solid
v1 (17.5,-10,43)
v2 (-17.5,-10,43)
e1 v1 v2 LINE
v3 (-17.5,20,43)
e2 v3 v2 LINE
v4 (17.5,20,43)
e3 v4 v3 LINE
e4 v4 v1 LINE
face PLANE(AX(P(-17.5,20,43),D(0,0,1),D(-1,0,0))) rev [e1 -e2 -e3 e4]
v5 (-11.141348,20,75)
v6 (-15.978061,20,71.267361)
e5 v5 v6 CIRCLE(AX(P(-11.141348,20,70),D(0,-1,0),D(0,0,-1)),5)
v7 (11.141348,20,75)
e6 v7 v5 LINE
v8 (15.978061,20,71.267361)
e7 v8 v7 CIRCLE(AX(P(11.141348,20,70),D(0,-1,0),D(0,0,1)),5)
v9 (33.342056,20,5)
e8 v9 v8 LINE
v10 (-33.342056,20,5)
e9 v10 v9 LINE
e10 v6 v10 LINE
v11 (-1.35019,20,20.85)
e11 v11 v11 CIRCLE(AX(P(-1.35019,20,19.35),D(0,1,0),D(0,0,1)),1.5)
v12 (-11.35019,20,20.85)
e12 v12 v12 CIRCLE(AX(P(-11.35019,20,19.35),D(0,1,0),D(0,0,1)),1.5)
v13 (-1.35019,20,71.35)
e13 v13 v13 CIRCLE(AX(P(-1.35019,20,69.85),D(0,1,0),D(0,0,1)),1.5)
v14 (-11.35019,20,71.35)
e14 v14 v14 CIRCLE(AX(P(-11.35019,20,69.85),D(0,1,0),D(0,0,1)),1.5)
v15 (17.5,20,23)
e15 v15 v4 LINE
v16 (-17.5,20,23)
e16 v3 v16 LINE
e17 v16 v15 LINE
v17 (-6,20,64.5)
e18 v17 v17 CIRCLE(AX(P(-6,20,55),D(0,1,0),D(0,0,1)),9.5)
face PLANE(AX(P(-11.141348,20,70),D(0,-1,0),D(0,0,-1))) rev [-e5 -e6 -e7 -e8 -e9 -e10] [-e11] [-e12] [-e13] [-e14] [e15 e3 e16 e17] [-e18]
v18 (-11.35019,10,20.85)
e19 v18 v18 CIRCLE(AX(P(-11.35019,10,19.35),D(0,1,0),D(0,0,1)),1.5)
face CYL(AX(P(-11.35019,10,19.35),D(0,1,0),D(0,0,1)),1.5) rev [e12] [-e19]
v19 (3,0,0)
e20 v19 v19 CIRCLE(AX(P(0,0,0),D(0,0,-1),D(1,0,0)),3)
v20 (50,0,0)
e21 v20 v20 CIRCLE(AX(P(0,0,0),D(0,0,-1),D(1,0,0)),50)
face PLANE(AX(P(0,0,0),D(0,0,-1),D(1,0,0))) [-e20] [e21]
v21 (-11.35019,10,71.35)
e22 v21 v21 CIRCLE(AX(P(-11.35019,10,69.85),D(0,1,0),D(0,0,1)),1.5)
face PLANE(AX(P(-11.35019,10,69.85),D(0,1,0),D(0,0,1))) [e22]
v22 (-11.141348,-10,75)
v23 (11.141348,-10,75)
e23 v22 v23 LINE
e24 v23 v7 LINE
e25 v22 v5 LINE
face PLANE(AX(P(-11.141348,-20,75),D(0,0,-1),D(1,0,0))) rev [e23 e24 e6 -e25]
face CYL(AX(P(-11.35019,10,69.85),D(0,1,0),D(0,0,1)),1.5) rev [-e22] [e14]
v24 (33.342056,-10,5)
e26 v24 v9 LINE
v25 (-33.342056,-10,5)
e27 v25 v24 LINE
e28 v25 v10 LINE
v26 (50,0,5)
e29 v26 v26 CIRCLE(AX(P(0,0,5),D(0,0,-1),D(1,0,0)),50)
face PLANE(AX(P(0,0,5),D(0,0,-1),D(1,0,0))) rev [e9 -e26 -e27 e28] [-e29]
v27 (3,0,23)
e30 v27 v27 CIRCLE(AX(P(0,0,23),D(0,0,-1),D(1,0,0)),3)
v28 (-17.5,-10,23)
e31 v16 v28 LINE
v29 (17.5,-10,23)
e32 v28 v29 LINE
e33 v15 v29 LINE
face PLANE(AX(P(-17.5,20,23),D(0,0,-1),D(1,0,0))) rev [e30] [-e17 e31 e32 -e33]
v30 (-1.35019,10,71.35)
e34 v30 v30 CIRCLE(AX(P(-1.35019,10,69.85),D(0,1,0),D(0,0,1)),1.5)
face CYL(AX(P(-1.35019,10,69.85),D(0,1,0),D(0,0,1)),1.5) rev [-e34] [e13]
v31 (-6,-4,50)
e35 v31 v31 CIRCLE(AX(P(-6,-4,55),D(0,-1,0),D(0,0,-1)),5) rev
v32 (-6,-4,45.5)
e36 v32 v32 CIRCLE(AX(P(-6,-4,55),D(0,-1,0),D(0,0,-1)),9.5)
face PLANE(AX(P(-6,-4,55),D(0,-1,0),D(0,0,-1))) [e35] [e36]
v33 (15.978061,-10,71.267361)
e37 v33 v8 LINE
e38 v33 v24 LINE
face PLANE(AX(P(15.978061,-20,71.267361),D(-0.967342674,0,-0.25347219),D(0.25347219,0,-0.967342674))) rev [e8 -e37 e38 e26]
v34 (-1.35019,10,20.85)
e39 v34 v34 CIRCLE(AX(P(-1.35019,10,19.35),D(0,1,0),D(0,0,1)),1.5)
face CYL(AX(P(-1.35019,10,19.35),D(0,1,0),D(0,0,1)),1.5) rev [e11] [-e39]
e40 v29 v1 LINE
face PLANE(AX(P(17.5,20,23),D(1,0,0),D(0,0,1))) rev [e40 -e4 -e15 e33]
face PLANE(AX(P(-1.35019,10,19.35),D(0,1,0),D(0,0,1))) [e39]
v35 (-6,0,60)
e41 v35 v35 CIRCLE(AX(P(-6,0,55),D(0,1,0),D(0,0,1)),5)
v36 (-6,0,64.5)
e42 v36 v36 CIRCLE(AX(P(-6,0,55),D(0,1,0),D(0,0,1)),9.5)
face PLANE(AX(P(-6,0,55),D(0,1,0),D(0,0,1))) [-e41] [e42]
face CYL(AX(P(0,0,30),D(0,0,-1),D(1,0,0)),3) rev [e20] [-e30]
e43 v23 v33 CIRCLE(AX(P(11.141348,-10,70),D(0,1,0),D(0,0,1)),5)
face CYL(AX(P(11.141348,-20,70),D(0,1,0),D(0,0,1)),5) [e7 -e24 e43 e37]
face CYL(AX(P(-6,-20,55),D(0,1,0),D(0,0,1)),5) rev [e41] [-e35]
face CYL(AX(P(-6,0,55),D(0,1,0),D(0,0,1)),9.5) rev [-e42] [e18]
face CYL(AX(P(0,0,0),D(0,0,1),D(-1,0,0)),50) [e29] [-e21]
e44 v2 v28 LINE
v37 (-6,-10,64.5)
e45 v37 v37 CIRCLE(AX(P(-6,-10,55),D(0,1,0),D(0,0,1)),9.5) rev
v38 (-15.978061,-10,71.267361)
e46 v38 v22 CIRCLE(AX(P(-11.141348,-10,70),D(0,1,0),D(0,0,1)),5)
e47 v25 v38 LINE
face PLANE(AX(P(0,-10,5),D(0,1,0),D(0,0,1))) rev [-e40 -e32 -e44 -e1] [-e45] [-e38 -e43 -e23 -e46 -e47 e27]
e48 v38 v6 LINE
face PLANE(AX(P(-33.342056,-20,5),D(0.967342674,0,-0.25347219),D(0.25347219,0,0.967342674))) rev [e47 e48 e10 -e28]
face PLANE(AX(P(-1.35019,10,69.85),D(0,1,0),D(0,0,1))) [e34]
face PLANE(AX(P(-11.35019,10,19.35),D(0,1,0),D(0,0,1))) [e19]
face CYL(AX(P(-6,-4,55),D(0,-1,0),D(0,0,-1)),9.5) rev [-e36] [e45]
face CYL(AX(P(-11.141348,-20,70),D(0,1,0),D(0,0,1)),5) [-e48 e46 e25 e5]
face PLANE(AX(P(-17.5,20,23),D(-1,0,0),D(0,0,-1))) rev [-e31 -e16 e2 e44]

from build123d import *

# Parameters (mm, degrees)
BOSS_EXTRUDE1_DEPTH   = 40
SKETCH9_R             = 9.5
CUT_EXTRUDE5_DEPTH    = 20
SKETCH10_R            = 5
CUT_EXTRUDE6_DEPTH    = 21
SKETCH11_R            = 9.5
CUT_EXTRUDE7_DEPTH    = 16
SKETCH14_W            = 35
SKETCH14_H            = 20
CUT_EXTRUDE9_DEPTH    = 41
SKETCH15_R            = 3
CUT_EXTRUDE10_DEPTH   = 25
SKETCH16_R            = 50
SKETCH16_R_2          = 3
BOSS_EXTRUDE3_DEPTH   = 5
SKETCH17_W            = 69.206254994
SKETCH17_H            = 74.867048483
CUT_EXTRUDE11_DEPTH   = 10
SKETCH18_R            = 1.5
CUT_EXTRUDE12_DEPTH   = 10
SKETCH20_R            = 1.5
CUT_EXTRUDE13_DEPTH   = 10
BODY_MOVE_COPY1_ANGLE = 180


with BuildPart() as part:
    # Sketch1 → Boss-Extrude1 (new body)
    with BuildSketch(Plane(origin=(0, 0, 0), x_dir=(1, 0, 0), z_dir=(0, 1, 0))):
        with BuildLine():
            Line((-11.141347684, 70), (11.141347684, 70))
            ThreePointArc((11.141347684, 70), (14.196114062, 68.958333283), (15.978061054, 66.267360951))
            Line((15.978061054, 66.267360951), (33.342055813, 0))
            Line((33.342055813, 0), (-33.342055813, 0))
            Line((-33.342055813, 0), (-15.978061054, 66.267360951))
            ThreePointArc((-15.978061054, 66.267360951), (-14.196114062, 68.958333283), (-11.141347684, 70))
        make_face()
    extrude(amount=BOSS_EXTRUDE1_DEPTH)

    # Sketch9 → Cut-Extrude5 (cut)
    with BuildSketch(Plane.XZ):
        with Locations((-6, -50)):
            Circle(SKETCH9_R)
    extrude(amount=-CUT_EXTRUDE5_DEPTH, mode=Mode.SUBTRACT)

    # Sketch10 → Cut-Extrude6 (cut, through all)
    with BuildSketch(Plane.XZ.offset(-20)):
        with Locations((-6, -50)):
            Circle(SKETCH10_R)
    extrude(amount=-CUT_EXTRUDE6_DEPTH, mode=Mode.SUBTRACT)

    # Sketch11 → Cut-Extrude7 (cut)
    with BuildSketch(Plane(origin=(0, 40, 0), x_dir=(1, 0, 0), z_dir=(0, 1, 0))):
        with Locations((-6, 50)):
            Circle(SKETCH11_R)
    extrude(amount=-CUT_EXTRUDE7_DEPTH, mode=Mode.SUBTRACT)

    # Sketch14 → Cut-Extrude9 (cut, through all)
    with BuildSketch(Plane(origin=(0, 40, 0), x_dir=(1, 0, 0), z_dir=(0, 1, 0))):
        with Locations((0, 28)):
            Rectangle(SKETCH14_W, SKETCH14_H)
    extrude(amount=-CUT_EXTRUDE9_DEPTH, mode=Mode.SUBTRACT)

    # Sketch15 → Cut-Extrude10 (cut)
    with BuildSketch(Plane.XY):
        with Locations((0, 20)):
            Circle(SKETCH15_R)
    extrude(amount=-CUT_EXTRUDE10_DEPTH, mode=Mode.SUBTRACT)

    # Sketch16 → Boss-Extrude3 (add)
    with BuildSketch(Plane.XY):
        with Locations((0, 20)):
            Circle(SKETCH16_R)
        with Locations((0, 20)):
            Circle(SKETCH16_R_2, mode=Mode.SUBTRACT)
    extrude(amount=BOSS_EXTRUDE3_DEPTH)

    # Sketch17 → Cut-Extrude11 (cut)
    with BuildSketch(Plane(origin=(0, 40, 0), x_dir=(1, 0, 0), z_dir=(0, 1, 0))):
        with Locations((1.261071684, 37.433524242)):
            Rectangle(SKETCH17_W, SKETCH17_H)
    extrude(amount=-CUT_EXTRUDE11_DEPTH, mode=Mode.SUBTRACT)

    # Sketch18 → Cut-Extrude12 (cut)
    with BuildSketch(Plane.XZ):
        with Locations((-1.350189987, -64.85)):
            Circle(SKETCH18_R)
        with Locations((-11.350189987, -64.85)):
            Circle(SKETCH18_R)
    extrude(amount=-CUT_EXTRUDE12_DEPTH, mode=Mode.SUBTRACT)

    # Sketch20 → Cut-Extrude13 (cut)
    with BuildSketch(Plane.XZ):
        with Locations((-11.350189987, -14.35)):
            Circle(SKETCH20_R)
        with Locations((-1.350189987, -14.35)):
            Circle(SKETCH20_R)
    extrude(amount=-CUT_EXTRUDE13_DEPTH, mode=Mode.SUBTRACT)


with BuildPart() as part_1:
    # Body-Move/Copy1: moved
    add(part.part.rotate(Axis((0, 20, -32.5), (1, 0, 0)), BODY_MOVE_COPY1_ANGLE))


with BuildPart() as part_2:
    # Body-Move/Copy2: moved
    add(part_1.part.moved(Location((0, -20, 70))))


solid = part_2.part
